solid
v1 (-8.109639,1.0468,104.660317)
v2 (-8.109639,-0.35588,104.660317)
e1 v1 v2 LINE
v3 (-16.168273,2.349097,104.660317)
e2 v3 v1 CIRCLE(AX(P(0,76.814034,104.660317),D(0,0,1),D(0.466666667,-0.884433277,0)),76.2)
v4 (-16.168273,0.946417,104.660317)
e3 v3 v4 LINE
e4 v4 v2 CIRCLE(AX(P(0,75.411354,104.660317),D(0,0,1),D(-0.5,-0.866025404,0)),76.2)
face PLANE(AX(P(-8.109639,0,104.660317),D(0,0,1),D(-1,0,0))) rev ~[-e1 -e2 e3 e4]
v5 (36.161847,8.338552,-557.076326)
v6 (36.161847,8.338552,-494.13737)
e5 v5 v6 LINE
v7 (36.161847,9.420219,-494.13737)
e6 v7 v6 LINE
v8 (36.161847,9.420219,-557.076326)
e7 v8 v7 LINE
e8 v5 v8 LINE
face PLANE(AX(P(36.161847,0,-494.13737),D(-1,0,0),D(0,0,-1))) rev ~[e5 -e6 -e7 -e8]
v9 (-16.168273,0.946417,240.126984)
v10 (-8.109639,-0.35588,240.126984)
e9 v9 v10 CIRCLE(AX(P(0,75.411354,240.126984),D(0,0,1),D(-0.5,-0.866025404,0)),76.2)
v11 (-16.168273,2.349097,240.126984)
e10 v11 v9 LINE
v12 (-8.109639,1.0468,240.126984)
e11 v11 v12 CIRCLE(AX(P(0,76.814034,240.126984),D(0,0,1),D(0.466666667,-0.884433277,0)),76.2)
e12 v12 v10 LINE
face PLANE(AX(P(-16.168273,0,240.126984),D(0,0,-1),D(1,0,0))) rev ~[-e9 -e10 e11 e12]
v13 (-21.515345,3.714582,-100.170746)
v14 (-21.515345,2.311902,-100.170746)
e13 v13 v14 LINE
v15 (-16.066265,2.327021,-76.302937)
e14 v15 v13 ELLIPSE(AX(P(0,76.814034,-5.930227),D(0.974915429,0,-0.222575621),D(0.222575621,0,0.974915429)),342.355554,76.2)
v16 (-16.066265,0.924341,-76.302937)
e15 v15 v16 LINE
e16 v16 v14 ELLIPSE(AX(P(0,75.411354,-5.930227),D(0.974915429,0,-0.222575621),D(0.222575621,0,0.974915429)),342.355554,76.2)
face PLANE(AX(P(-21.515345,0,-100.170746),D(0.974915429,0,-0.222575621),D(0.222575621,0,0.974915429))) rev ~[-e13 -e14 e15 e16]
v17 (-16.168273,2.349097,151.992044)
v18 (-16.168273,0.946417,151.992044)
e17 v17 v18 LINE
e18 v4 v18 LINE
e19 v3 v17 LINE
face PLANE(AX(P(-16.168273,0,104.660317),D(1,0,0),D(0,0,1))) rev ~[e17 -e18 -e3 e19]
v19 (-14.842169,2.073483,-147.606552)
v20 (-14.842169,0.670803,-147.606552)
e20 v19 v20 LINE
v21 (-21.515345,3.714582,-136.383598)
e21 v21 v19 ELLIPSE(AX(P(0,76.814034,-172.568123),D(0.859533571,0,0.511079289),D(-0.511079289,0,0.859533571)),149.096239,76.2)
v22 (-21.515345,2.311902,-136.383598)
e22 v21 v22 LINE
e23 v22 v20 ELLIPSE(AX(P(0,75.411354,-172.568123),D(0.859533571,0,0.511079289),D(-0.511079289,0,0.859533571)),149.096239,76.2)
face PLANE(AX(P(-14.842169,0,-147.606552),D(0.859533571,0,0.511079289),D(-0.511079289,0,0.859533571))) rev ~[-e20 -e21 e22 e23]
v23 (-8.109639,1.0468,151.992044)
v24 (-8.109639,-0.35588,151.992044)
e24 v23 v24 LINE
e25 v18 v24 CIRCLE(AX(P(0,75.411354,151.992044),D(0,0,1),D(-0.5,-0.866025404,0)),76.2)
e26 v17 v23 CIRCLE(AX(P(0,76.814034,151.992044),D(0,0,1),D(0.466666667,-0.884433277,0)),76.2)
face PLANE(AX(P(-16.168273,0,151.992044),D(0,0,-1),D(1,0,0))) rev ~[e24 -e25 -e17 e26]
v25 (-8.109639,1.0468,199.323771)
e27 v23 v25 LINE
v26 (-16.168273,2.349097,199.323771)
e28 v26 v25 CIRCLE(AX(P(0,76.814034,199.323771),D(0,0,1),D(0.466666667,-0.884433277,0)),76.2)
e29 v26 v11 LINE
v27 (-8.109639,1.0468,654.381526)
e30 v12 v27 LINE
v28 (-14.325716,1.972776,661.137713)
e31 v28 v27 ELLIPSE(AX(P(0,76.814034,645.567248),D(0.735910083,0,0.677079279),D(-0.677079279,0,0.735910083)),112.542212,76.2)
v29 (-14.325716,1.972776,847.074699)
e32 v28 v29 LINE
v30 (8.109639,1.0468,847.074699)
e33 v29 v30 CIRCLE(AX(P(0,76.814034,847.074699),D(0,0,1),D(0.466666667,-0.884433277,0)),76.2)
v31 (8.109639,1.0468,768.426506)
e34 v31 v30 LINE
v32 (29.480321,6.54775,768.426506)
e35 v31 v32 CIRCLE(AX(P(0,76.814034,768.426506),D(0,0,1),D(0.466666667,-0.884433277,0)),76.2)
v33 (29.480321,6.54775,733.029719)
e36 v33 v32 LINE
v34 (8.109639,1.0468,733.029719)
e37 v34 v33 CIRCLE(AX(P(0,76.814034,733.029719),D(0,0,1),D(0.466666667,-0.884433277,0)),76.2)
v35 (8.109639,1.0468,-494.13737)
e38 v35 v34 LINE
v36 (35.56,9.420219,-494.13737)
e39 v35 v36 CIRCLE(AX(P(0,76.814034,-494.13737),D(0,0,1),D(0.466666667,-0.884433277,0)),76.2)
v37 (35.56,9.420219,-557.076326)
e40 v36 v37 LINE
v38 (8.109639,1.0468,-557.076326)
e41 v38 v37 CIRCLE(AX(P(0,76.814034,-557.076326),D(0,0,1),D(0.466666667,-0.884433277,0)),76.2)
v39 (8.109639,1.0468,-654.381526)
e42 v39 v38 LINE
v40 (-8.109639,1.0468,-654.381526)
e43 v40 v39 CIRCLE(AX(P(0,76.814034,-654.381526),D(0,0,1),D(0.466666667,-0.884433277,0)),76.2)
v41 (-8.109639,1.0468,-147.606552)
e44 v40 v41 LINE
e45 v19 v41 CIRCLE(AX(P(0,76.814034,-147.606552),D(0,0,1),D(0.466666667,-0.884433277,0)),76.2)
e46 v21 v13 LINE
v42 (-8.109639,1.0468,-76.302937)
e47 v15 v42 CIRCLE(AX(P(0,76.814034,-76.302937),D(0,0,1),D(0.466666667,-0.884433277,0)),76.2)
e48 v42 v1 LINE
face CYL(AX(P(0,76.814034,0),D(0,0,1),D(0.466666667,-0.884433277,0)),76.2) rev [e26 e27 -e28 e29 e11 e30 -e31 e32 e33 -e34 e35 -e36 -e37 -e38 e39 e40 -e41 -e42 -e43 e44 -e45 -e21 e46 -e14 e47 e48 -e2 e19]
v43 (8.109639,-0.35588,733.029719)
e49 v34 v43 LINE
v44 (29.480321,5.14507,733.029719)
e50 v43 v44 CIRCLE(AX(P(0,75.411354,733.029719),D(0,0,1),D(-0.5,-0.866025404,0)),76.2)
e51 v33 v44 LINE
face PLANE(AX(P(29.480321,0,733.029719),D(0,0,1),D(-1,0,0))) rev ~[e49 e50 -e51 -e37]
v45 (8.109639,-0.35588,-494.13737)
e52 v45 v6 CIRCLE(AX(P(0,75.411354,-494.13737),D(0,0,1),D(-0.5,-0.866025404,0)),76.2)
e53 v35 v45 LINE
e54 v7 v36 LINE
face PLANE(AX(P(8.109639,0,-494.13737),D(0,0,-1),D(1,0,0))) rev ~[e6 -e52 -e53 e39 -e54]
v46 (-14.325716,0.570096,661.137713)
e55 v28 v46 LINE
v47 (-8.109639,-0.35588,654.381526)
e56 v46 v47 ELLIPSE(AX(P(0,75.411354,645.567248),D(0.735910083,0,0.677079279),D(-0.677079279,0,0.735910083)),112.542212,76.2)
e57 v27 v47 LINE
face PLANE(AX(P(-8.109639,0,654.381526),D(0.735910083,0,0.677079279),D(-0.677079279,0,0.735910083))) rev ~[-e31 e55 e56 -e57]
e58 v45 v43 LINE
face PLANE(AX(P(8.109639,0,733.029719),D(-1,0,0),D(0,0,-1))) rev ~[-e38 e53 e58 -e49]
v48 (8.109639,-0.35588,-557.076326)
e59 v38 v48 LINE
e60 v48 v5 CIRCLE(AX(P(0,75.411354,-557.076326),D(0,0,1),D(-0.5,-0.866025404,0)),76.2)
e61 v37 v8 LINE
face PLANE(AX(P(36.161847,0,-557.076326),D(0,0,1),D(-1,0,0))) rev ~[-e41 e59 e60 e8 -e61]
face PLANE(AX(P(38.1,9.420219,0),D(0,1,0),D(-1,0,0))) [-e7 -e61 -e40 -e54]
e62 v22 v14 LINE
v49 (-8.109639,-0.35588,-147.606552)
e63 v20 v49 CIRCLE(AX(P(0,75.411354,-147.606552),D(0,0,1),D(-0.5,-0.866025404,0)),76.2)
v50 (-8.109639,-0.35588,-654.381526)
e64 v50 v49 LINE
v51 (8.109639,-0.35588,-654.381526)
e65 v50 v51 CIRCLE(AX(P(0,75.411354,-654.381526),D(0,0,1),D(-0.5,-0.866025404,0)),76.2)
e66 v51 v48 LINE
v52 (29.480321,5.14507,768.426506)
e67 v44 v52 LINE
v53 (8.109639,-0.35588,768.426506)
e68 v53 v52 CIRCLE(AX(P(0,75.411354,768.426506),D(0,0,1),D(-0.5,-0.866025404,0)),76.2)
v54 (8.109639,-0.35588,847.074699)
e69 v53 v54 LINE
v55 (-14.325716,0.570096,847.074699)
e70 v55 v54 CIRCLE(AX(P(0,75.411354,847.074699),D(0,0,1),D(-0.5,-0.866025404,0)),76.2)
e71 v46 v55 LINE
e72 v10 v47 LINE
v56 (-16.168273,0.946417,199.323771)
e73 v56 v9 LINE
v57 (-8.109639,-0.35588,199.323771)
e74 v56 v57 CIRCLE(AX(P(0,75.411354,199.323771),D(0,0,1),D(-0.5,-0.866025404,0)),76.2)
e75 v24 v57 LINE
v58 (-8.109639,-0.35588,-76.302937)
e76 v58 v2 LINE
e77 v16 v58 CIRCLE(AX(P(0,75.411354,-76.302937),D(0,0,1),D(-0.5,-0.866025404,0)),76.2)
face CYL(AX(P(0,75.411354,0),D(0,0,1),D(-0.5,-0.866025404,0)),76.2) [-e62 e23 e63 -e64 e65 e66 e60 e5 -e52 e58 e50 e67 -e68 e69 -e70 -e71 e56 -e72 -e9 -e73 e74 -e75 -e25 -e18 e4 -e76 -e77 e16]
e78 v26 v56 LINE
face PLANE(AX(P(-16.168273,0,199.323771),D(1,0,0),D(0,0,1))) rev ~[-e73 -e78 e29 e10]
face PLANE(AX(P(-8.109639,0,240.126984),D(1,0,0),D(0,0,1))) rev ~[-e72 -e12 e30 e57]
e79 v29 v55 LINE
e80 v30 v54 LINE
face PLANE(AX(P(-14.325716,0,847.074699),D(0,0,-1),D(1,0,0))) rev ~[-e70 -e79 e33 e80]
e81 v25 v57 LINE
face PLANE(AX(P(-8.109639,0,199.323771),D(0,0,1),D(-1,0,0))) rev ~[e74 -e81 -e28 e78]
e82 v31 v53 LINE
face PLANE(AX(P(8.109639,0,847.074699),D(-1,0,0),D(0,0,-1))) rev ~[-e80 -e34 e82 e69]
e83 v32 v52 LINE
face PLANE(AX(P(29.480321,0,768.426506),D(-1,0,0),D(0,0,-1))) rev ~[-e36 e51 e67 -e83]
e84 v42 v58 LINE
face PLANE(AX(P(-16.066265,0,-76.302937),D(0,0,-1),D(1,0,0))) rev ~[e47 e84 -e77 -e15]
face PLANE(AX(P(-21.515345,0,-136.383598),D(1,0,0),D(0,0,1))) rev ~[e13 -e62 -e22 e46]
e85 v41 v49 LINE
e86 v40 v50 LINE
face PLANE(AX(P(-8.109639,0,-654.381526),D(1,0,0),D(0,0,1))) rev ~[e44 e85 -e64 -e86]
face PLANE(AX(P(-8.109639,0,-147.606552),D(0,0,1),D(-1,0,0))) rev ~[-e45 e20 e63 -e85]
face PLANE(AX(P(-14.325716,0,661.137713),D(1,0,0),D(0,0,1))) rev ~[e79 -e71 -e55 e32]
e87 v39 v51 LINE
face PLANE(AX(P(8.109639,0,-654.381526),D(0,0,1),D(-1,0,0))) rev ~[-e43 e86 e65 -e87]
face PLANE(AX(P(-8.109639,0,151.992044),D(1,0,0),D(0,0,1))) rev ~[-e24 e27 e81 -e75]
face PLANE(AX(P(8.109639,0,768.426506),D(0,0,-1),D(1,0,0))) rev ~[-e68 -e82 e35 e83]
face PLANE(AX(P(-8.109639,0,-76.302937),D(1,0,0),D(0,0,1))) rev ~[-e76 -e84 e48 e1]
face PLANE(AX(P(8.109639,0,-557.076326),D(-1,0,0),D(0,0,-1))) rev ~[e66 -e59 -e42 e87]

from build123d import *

# Parameters (mm, degrees)
F1_DEPTH = 1270
F2_W     = 1980.1401495934
F2_H     = 3113.6045455933
F3_DEPTH = 299.72


with BuildPart() as f1:
    # F0 (on Top) → F1 (new body, symmetric)
    with BuildSketch(Plane.XY):
        with BuildLine():
            Line((0, -0.7886457275), (0, 0))
            Line((0, 0), (0, 0.6140342441))
            ThreePointArc((0, 0.6140342441), (-18.3170854752, 2.8483369264), (-35.56, 9.4202185041))
            Line((-35.56, 9.4202185041), (-38.1, 9.4202185041))
            ThreePointArc((-38.1, 9.4202185041), (-19.7220112368, 1.8078063092), (0, -0.7886457275))
        make_face()
        with BuildLine():
            Line((0, 0.6140342441), (0, 0))
            Line((0, 0), (0, -0.7886457275))
            ThreePointArc((0, -0.7886457275), (19.7220112368, 1.8078063092), (38.1, 9.4202185041))
            Line((38.1, 9.4202185041), (35.56, 9.4202185041))
            ThreePointArc((35.56, 9.4202185041), (18.3170854752, 2.8483369264), (0, 0.6140342441))
        make_face()
    extrude(amount=F1_DEPTH, both=True)

    # F2 (on Front) → F3 (cut, symmetric)
    with BuildSketch(Plane.XZ):
        with Locations((53.6327660084, 57.6152801514)):
            Rectangle(F2_W, F2_H)
        Polygon((8.1096385542, -557.076325627), (8.1096385542, -654.3815261044), (-8.1096385542, -654.3815261044), (-8.1096385542, -557.076325627), (-8.1096385542, -147.6065518649), (-14.8421686747, -147.6065518649), (-21.5153453208, -136.3835978607), (-21.5153453208, -100.1707464551), (-16.0662650602, -76.3029374071), (-8.1096385542, -76.3029374071), (-8.1096385542, 104.6603173018), (-16.1682730924, 104.6603173018), (-16.1682730924, 151.9920442094), (-8.1096385542, 151.9920442094), (-8.1096385542, 199.323771117), (-16.1682730924, 199.323771117), (-16.1682730924, 240.1269839684), (-9.659161472, 240.1269839684), (-8.1096385542, 240.1269839684), (-8.1096385542, 654.3815261044), (-14.3257157907, 661.1377126473), (-14.3257157907, 847.0746987952), (8.1096385542, 847.0746987952), (8.1096385542, 768.4265060241), (29.4803212851, 768.4265060241), (29.4803212851, 733.0297188755), (8.1096385542, 733.0297188755), (8.1096385542, 654.3815261044), (8.1096385542, -494.1373698037), (36.1618473896, -494.1373698037), (36.1618473896, -557.076325627), align=None, mode=Mode.SUBTRACT)
    extrude(amount=F3_DEPTH, both=True, mode=Mode.SUBTRACT)


solid = f1.part
